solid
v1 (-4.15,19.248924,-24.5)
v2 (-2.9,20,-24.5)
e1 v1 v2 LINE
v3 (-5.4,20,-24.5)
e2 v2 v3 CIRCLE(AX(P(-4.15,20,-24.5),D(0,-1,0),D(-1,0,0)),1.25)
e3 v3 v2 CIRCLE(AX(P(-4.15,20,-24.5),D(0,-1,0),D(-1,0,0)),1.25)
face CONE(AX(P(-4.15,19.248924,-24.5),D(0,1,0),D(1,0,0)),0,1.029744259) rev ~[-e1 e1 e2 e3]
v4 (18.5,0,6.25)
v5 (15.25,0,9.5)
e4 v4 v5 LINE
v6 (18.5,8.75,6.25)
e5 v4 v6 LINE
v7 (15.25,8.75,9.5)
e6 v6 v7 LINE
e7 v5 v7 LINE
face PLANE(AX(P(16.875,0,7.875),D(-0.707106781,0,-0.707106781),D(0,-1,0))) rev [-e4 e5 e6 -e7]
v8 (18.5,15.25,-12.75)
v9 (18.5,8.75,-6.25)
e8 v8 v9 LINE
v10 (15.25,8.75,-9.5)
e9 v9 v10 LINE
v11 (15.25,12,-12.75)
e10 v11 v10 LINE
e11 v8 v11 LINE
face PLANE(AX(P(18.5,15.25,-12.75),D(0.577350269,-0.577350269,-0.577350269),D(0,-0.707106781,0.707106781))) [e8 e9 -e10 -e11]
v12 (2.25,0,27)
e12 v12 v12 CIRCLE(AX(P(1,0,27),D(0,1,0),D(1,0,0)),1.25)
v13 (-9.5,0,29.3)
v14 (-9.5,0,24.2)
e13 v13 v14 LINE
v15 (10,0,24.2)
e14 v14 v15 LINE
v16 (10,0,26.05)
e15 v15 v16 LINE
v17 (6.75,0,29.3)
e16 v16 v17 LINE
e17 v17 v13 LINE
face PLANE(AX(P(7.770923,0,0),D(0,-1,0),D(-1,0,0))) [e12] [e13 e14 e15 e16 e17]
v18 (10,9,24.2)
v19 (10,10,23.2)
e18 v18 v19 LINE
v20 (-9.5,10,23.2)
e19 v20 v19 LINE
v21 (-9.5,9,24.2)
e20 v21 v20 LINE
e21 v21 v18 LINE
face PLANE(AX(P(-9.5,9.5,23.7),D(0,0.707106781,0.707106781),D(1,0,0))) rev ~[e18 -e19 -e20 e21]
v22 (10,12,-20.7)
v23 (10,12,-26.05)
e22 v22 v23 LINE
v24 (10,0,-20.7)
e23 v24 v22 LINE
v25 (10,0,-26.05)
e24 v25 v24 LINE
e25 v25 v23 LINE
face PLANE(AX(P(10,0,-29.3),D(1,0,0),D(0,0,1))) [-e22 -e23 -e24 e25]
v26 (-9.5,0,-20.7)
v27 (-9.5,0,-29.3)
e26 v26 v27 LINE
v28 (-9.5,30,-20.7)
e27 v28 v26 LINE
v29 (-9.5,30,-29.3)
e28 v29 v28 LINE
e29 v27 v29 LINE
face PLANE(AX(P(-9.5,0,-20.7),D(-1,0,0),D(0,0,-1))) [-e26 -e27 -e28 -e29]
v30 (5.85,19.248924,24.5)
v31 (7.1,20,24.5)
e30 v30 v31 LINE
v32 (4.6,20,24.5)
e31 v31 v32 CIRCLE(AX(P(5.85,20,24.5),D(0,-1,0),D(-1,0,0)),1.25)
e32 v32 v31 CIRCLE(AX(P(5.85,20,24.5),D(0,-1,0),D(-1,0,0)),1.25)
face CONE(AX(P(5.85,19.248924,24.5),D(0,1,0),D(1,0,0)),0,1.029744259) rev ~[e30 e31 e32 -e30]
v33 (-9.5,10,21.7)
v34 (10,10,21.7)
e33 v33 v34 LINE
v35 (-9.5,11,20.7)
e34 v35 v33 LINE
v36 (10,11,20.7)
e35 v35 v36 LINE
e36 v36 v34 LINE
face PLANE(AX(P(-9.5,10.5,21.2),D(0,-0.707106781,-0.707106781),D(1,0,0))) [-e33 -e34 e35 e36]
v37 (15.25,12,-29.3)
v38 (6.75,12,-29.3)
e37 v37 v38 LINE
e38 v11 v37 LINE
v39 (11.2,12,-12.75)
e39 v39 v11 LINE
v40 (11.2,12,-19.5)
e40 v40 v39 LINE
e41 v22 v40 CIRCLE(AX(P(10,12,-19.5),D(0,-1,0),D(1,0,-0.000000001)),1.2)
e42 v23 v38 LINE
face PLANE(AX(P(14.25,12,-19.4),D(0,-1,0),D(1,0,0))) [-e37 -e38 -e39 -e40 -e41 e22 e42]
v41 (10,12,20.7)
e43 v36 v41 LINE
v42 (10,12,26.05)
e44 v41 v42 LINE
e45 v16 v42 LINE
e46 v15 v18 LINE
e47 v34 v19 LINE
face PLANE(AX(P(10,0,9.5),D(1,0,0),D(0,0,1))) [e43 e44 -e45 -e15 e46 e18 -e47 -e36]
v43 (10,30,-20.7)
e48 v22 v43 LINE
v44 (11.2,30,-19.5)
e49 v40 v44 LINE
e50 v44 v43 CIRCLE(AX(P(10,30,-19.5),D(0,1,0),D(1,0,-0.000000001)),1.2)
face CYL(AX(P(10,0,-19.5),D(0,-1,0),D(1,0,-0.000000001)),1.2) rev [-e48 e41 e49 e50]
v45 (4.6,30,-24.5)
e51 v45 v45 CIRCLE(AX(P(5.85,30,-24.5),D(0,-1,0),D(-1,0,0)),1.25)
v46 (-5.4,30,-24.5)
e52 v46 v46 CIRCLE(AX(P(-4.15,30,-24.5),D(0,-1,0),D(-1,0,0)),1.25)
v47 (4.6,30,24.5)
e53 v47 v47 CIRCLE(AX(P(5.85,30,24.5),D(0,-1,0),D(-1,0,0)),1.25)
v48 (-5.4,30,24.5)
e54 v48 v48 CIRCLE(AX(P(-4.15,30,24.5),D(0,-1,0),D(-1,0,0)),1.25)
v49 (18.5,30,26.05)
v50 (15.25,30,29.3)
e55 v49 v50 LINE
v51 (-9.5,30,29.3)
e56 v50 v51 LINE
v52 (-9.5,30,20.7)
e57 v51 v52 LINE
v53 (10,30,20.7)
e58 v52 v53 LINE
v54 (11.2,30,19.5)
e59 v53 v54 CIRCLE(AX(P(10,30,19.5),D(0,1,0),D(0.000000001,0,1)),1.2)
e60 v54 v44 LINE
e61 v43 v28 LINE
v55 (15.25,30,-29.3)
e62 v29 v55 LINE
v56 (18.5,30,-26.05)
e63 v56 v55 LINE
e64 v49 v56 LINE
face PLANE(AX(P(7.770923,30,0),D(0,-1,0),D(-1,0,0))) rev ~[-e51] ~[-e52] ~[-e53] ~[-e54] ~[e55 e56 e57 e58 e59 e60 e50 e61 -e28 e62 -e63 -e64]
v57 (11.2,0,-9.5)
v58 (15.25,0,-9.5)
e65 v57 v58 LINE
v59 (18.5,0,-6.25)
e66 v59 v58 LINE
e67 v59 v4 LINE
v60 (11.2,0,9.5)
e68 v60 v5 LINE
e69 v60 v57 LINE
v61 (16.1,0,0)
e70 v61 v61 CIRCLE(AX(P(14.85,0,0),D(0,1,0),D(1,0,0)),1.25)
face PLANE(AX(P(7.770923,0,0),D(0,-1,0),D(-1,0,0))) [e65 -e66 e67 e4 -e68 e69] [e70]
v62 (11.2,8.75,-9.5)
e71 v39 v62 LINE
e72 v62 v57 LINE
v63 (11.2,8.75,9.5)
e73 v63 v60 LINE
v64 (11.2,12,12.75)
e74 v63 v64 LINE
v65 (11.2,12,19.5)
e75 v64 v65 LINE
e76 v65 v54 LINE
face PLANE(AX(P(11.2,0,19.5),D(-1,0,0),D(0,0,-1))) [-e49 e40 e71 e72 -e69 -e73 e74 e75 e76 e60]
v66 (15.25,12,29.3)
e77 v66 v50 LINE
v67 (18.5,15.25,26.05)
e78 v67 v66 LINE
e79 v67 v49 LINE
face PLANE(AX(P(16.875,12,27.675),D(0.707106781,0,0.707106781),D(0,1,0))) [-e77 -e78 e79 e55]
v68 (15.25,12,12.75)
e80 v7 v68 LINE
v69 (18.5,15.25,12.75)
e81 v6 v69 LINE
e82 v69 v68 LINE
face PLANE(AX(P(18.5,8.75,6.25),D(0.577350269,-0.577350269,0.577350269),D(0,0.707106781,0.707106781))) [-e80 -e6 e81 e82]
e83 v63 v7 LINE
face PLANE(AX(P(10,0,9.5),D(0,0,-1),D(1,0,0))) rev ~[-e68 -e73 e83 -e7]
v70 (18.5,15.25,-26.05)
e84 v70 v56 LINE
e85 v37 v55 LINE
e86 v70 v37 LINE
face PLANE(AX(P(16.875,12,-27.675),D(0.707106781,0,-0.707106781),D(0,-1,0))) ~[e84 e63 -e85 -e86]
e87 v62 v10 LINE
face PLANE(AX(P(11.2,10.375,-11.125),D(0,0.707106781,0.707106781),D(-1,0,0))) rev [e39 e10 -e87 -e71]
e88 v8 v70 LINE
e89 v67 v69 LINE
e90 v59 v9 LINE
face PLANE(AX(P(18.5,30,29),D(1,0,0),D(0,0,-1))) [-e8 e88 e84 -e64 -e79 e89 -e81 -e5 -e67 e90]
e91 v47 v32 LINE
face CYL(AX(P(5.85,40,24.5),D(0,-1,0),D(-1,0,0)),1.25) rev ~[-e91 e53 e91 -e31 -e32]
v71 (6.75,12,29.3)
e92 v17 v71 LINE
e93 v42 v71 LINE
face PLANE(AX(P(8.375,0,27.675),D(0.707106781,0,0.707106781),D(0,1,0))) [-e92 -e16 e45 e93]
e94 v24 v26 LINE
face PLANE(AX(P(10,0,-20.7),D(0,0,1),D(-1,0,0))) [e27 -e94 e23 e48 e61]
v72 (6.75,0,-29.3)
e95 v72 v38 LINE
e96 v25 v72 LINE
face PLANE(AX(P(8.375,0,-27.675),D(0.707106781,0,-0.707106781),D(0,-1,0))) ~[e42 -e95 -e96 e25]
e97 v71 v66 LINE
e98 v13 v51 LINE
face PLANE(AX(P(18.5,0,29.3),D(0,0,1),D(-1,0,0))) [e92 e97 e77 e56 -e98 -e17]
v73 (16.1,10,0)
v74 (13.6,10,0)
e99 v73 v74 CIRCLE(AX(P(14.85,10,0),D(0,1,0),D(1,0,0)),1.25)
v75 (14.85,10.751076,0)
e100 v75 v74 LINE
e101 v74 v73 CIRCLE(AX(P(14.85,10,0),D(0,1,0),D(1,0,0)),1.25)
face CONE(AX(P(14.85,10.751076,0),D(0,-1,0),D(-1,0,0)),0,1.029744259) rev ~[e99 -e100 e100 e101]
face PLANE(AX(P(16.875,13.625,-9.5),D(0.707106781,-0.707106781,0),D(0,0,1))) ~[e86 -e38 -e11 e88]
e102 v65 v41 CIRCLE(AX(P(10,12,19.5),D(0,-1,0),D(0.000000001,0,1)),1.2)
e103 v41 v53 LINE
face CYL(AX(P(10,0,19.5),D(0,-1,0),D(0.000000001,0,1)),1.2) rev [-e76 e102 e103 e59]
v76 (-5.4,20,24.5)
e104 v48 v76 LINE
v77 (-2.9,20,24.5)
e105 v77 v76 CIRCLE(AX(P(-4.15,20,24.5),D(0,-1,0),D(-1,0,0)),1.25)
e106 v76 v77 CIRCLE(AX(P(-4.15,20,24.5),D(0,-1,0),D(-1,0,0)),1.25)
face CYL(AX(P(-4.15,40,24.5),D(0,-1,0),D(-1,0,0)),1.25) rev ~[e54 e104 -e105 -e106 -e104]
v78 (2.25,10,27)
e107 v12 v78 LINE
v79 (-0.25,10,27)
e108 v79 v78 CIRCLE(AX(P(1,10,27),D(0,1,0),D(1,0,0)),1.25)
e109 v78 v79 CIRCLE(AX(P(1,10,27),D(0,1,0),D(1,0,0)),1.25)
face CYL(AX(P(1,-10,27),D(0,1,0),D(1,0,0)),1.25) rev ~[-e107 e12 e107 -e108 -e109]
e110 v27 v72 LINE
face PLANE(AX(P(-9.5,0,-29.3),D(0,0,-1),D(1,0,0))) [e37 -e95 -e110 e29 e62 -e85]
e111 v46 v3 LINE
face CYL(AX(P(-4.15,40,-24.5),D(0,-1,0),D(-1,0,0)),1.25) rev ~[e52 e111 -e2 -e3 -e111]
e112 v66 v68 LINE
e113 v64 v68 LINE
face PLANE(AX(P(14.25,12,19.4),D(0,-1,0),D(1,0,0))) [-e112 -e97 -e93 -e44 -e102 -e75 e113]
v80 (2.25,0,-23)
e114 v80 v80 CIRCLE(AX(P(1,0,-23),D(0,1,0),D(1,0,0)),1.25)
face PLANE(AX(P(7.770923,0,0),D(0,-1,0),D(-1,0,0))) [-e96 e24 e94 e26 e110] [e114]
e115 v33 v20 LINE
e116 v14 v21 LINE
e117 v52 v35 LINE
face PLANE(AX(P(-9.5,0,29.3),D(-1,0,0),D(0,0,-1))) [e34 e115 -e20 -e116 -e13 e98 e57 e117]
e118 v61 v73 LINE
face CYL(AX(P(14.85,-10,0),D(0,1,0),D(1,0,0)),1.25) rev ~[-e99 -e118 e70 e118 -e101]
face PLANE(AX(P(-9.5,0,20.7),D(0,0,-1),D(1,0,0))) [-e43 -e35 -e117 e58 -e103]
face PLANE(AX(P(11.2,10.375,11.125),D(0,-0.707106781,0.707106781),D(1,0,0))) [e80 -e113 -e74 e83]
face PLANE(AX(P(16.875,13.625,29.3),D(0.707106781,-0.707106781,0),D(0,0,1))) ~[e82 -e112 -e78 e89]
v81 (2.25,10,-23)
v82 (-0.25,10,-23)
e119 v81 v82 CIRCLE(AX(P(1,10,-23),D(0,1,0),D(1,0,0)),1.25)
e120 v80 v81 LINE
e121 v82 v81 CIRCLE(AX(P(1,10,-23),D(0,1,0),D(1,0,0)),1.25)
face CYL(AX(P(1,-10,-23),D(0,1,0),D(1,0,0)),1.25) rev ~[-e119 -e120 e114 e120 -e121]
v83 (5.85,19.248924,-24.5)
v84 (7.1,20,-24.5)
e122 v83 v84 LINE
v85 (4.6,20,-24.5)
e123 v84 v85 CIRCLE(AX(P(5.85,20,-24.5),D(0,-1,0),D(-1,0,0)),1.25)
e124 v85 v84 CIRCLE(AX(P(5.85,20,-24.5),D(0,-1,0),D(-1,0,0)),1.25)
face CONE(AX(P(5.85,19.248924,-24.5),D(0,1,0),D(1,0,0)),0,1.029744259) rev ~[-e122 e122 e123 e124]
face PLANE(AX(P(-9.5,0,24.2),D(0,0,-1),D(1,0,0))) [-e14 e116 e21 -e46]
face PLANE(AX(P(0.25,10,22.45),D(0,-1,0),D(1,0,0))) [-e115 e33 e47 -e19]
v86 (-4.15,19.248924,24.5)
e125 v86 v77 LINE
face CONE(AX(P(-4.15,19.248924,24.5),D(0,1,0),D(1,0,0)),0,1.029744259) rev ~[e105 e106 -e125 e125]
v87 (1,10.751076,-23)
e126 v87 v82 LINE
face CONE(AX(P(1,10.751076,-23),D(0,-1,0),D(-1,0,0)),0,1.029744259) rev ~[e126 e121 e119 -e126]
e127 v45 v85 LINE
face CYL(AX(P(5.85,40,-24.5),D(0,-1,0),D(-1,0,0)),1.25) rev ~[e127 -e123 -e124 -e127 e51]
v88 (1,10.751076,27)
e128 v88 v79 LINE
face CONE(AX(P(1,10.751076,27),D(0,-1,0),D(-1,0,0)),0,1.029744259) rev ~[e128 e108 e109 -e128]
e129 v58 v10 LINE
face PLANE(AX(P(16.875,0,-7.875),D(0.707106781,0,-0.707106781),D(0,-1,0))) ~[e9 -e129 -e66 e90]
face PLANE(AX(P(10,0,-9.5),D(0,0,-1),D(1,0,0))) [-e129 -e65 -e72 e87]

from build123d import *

# Parameters (mm, degrees)
BOSS_EXTRU_1_DEPTH      = 30
ESQUISSE2_W             = 8.5
ESQUISSE2_H             = 19.8
ENL_V_MAT_EXTRU_1_DEPTH = 12
TROU_TARAUD_M31_D       = 2.5
TROU_TARAUD_M31_DEPTH   = 10
TROU_TARAUD_M31_TIP     = 0.751075774
ESQUISSE7_W             = 28
ESQUISSE7_H             = 8.3
BOSS_EXTRU_2_DEPTH      = 18
CHANFREIN3_SIZE         = 3.25
TROU_TARAUD_M32_D       = 2.5
TROU_TARAUD_M32_DEPTH   = 10
TROU_TARAUD_M32_TIP     = 0.751075774
ESQUISSE10_W            = 19.5
ESQUISSE10_H            = 3.5
ENL_V_MAT_EXTRU_2_DEPTH = 10
CHANFREIN4_SIZE         = 1


with BuildPart() as part:
    # Esquisse1 → Boss.-Extru.1 (new body)
    with BuildSketch(Plane(origin=(0, 0, 0), x_dir=(1, 0, 0), z_dir=(0, 1, 0))):
        with BuildLine():
            Line((-9.5, 20.7), (-9.5, 29.3))
            Line((-9.5, 29.3), (18.5, 29.3))
            Line((18.5, 29.3), (18.5, -29.3))
            Line((18.5, -29.3), (-9.5, -29.3))
            Line((-9.5, -29.3), (-9.5, -20.7))
            Line((-9.5, -20.7), (10, -20.7))
            ThreePointArc((10, -20.7), (10.848528137, -20.348528137), (11.2, -19.5))
            Line((11.2, -19.5), (11.2, 19.5))
            ThreePointArc((11.2, 19.5), (10.848528137, 20.348528137), (10, 20.7))
            Line((10, 20.7), (-9.5, 20.7))
        make_face()
    extrude(amount=BOSS_EXTRU_1_DEPTH)

    # Esquisse2 → Enlèv. mat.-Extru.1 (cut)
    with BuildSketch(Plane.XZ):
        with Locations((14.25, 19.4)):
            Rectangle(ESQUISSE2_W, ESQUISSE2_H)
        with Locations((14.25, -19.4)):
            Rectangle(ESQUISSE2_W, ESQUISSE2_H)
    extrude(amount=-ENL_V_MAT_EXTRU_1_DEPTH, mode=Mode.SUBTRACT)

    # Trou taraudé M31
    with Locations(Plane(origin=(0, 0, 0), x_dir=(-1, 0, 0), z_dir=(0, -1, 0))):
        with Locations((-1, 23), (-14.85, 0), (-1, -27)):
            Hole(TROU_TARAUD_M31_D / 2, depth=TROU_TARAUD_M31_DEPTH)
            with Locations((0, 0, -(TROU_TARAUD_M31_DEPTH + TROU_TARAUD_M31_TIP / 2))):  # 118° drill point
                Cone(0, TROU_TARAUD_M31_D / 2, TROU_TARAUD_M31_TIP, mode=Mode.SUBTRACT)

    # Esquisse7 → Boss.-Extru.2 (add)
    with BuildSketch(Plane(origin=(0, 30, 0), x_dir=(1, 0, 0), z_dir=(0, 1, 0))):
        with Locations((4.5, -24.85)):
            Rectangle(ESQUISSE7_W, ESQUISSE7_H)
        with Locations((4.5, 24.85)):
            Rectangle(ESQUISSE7_W, ESQUISSE7_H)
    extrude(amount=-BOSS_EXTRU_2_DEPTH)

    # Chanfrein3
    chanfrein3_edges = [part.edges().sort_by_distance(p)[0] for p in [
        (18.5, 21, -29.3),
        (18.5, 21, 29.3),
        (14.85, 12, 9.5),
        (18.5, 6, 9.5),
        (18.5, 12, 19.4),
        (10, 6, 29.3),
        (10, 6, -29.3),
        (14.85, 12, -9.5),
        (18.5, 12, -19.4),
        (18.5, 6, -9.5),
    ]]
    chamfer(chanfrein3_edges, length=CHANFREIN3_SIZE)

    # Trou taraudé M32
    with Locations(Plane(origin=(0, 30, 0), x_dir=(1, 0, 0), z_dir=(0, 1, 0))):
        with Locations((-4.15, 24.5), (-4.15, -24.5), (5.85, -24.5), (5.85, 24.5)):
            Hole(TROU_TARAUD_M32_D / 2, depth=TROU_TARAUD_M32_DEPTH)
            with Locations((0, 0, -(TROU_TARAUD_M32_DEPTH + TROU_TARAUD_M32_TIP / 2))):  # 118° drill point
                Cone(0, TROU_TARAUD_M32_D / 2, TROU_TARAUD_M32_TIP, mode=Mode.SUBTRACT)

    # Esquisse10 → Enlèv. mat.-Extru.2 (cut)
    with BuildSketch(Plane.XZ):
        with Locations((0.25, 22.45)):
            Rectangle(ESQUISSE10_W, ESQUISSE10_H)
    extrude(amount=-ENL_V_MAT_EXTRU_2_DEPTH, mode=Mode.SUBTRACT)

    # Chanfrein4
    chanfrein4_edges = [part.edges().sort_by_distance(p)[0] for p in [
        (0.25, 10, 24.2),
        (0.25, 10, 20.7),
    ]]
    chamfer(chanfrein4_edges, length=CHANFREIN4_SIZE)


solid = part.part
